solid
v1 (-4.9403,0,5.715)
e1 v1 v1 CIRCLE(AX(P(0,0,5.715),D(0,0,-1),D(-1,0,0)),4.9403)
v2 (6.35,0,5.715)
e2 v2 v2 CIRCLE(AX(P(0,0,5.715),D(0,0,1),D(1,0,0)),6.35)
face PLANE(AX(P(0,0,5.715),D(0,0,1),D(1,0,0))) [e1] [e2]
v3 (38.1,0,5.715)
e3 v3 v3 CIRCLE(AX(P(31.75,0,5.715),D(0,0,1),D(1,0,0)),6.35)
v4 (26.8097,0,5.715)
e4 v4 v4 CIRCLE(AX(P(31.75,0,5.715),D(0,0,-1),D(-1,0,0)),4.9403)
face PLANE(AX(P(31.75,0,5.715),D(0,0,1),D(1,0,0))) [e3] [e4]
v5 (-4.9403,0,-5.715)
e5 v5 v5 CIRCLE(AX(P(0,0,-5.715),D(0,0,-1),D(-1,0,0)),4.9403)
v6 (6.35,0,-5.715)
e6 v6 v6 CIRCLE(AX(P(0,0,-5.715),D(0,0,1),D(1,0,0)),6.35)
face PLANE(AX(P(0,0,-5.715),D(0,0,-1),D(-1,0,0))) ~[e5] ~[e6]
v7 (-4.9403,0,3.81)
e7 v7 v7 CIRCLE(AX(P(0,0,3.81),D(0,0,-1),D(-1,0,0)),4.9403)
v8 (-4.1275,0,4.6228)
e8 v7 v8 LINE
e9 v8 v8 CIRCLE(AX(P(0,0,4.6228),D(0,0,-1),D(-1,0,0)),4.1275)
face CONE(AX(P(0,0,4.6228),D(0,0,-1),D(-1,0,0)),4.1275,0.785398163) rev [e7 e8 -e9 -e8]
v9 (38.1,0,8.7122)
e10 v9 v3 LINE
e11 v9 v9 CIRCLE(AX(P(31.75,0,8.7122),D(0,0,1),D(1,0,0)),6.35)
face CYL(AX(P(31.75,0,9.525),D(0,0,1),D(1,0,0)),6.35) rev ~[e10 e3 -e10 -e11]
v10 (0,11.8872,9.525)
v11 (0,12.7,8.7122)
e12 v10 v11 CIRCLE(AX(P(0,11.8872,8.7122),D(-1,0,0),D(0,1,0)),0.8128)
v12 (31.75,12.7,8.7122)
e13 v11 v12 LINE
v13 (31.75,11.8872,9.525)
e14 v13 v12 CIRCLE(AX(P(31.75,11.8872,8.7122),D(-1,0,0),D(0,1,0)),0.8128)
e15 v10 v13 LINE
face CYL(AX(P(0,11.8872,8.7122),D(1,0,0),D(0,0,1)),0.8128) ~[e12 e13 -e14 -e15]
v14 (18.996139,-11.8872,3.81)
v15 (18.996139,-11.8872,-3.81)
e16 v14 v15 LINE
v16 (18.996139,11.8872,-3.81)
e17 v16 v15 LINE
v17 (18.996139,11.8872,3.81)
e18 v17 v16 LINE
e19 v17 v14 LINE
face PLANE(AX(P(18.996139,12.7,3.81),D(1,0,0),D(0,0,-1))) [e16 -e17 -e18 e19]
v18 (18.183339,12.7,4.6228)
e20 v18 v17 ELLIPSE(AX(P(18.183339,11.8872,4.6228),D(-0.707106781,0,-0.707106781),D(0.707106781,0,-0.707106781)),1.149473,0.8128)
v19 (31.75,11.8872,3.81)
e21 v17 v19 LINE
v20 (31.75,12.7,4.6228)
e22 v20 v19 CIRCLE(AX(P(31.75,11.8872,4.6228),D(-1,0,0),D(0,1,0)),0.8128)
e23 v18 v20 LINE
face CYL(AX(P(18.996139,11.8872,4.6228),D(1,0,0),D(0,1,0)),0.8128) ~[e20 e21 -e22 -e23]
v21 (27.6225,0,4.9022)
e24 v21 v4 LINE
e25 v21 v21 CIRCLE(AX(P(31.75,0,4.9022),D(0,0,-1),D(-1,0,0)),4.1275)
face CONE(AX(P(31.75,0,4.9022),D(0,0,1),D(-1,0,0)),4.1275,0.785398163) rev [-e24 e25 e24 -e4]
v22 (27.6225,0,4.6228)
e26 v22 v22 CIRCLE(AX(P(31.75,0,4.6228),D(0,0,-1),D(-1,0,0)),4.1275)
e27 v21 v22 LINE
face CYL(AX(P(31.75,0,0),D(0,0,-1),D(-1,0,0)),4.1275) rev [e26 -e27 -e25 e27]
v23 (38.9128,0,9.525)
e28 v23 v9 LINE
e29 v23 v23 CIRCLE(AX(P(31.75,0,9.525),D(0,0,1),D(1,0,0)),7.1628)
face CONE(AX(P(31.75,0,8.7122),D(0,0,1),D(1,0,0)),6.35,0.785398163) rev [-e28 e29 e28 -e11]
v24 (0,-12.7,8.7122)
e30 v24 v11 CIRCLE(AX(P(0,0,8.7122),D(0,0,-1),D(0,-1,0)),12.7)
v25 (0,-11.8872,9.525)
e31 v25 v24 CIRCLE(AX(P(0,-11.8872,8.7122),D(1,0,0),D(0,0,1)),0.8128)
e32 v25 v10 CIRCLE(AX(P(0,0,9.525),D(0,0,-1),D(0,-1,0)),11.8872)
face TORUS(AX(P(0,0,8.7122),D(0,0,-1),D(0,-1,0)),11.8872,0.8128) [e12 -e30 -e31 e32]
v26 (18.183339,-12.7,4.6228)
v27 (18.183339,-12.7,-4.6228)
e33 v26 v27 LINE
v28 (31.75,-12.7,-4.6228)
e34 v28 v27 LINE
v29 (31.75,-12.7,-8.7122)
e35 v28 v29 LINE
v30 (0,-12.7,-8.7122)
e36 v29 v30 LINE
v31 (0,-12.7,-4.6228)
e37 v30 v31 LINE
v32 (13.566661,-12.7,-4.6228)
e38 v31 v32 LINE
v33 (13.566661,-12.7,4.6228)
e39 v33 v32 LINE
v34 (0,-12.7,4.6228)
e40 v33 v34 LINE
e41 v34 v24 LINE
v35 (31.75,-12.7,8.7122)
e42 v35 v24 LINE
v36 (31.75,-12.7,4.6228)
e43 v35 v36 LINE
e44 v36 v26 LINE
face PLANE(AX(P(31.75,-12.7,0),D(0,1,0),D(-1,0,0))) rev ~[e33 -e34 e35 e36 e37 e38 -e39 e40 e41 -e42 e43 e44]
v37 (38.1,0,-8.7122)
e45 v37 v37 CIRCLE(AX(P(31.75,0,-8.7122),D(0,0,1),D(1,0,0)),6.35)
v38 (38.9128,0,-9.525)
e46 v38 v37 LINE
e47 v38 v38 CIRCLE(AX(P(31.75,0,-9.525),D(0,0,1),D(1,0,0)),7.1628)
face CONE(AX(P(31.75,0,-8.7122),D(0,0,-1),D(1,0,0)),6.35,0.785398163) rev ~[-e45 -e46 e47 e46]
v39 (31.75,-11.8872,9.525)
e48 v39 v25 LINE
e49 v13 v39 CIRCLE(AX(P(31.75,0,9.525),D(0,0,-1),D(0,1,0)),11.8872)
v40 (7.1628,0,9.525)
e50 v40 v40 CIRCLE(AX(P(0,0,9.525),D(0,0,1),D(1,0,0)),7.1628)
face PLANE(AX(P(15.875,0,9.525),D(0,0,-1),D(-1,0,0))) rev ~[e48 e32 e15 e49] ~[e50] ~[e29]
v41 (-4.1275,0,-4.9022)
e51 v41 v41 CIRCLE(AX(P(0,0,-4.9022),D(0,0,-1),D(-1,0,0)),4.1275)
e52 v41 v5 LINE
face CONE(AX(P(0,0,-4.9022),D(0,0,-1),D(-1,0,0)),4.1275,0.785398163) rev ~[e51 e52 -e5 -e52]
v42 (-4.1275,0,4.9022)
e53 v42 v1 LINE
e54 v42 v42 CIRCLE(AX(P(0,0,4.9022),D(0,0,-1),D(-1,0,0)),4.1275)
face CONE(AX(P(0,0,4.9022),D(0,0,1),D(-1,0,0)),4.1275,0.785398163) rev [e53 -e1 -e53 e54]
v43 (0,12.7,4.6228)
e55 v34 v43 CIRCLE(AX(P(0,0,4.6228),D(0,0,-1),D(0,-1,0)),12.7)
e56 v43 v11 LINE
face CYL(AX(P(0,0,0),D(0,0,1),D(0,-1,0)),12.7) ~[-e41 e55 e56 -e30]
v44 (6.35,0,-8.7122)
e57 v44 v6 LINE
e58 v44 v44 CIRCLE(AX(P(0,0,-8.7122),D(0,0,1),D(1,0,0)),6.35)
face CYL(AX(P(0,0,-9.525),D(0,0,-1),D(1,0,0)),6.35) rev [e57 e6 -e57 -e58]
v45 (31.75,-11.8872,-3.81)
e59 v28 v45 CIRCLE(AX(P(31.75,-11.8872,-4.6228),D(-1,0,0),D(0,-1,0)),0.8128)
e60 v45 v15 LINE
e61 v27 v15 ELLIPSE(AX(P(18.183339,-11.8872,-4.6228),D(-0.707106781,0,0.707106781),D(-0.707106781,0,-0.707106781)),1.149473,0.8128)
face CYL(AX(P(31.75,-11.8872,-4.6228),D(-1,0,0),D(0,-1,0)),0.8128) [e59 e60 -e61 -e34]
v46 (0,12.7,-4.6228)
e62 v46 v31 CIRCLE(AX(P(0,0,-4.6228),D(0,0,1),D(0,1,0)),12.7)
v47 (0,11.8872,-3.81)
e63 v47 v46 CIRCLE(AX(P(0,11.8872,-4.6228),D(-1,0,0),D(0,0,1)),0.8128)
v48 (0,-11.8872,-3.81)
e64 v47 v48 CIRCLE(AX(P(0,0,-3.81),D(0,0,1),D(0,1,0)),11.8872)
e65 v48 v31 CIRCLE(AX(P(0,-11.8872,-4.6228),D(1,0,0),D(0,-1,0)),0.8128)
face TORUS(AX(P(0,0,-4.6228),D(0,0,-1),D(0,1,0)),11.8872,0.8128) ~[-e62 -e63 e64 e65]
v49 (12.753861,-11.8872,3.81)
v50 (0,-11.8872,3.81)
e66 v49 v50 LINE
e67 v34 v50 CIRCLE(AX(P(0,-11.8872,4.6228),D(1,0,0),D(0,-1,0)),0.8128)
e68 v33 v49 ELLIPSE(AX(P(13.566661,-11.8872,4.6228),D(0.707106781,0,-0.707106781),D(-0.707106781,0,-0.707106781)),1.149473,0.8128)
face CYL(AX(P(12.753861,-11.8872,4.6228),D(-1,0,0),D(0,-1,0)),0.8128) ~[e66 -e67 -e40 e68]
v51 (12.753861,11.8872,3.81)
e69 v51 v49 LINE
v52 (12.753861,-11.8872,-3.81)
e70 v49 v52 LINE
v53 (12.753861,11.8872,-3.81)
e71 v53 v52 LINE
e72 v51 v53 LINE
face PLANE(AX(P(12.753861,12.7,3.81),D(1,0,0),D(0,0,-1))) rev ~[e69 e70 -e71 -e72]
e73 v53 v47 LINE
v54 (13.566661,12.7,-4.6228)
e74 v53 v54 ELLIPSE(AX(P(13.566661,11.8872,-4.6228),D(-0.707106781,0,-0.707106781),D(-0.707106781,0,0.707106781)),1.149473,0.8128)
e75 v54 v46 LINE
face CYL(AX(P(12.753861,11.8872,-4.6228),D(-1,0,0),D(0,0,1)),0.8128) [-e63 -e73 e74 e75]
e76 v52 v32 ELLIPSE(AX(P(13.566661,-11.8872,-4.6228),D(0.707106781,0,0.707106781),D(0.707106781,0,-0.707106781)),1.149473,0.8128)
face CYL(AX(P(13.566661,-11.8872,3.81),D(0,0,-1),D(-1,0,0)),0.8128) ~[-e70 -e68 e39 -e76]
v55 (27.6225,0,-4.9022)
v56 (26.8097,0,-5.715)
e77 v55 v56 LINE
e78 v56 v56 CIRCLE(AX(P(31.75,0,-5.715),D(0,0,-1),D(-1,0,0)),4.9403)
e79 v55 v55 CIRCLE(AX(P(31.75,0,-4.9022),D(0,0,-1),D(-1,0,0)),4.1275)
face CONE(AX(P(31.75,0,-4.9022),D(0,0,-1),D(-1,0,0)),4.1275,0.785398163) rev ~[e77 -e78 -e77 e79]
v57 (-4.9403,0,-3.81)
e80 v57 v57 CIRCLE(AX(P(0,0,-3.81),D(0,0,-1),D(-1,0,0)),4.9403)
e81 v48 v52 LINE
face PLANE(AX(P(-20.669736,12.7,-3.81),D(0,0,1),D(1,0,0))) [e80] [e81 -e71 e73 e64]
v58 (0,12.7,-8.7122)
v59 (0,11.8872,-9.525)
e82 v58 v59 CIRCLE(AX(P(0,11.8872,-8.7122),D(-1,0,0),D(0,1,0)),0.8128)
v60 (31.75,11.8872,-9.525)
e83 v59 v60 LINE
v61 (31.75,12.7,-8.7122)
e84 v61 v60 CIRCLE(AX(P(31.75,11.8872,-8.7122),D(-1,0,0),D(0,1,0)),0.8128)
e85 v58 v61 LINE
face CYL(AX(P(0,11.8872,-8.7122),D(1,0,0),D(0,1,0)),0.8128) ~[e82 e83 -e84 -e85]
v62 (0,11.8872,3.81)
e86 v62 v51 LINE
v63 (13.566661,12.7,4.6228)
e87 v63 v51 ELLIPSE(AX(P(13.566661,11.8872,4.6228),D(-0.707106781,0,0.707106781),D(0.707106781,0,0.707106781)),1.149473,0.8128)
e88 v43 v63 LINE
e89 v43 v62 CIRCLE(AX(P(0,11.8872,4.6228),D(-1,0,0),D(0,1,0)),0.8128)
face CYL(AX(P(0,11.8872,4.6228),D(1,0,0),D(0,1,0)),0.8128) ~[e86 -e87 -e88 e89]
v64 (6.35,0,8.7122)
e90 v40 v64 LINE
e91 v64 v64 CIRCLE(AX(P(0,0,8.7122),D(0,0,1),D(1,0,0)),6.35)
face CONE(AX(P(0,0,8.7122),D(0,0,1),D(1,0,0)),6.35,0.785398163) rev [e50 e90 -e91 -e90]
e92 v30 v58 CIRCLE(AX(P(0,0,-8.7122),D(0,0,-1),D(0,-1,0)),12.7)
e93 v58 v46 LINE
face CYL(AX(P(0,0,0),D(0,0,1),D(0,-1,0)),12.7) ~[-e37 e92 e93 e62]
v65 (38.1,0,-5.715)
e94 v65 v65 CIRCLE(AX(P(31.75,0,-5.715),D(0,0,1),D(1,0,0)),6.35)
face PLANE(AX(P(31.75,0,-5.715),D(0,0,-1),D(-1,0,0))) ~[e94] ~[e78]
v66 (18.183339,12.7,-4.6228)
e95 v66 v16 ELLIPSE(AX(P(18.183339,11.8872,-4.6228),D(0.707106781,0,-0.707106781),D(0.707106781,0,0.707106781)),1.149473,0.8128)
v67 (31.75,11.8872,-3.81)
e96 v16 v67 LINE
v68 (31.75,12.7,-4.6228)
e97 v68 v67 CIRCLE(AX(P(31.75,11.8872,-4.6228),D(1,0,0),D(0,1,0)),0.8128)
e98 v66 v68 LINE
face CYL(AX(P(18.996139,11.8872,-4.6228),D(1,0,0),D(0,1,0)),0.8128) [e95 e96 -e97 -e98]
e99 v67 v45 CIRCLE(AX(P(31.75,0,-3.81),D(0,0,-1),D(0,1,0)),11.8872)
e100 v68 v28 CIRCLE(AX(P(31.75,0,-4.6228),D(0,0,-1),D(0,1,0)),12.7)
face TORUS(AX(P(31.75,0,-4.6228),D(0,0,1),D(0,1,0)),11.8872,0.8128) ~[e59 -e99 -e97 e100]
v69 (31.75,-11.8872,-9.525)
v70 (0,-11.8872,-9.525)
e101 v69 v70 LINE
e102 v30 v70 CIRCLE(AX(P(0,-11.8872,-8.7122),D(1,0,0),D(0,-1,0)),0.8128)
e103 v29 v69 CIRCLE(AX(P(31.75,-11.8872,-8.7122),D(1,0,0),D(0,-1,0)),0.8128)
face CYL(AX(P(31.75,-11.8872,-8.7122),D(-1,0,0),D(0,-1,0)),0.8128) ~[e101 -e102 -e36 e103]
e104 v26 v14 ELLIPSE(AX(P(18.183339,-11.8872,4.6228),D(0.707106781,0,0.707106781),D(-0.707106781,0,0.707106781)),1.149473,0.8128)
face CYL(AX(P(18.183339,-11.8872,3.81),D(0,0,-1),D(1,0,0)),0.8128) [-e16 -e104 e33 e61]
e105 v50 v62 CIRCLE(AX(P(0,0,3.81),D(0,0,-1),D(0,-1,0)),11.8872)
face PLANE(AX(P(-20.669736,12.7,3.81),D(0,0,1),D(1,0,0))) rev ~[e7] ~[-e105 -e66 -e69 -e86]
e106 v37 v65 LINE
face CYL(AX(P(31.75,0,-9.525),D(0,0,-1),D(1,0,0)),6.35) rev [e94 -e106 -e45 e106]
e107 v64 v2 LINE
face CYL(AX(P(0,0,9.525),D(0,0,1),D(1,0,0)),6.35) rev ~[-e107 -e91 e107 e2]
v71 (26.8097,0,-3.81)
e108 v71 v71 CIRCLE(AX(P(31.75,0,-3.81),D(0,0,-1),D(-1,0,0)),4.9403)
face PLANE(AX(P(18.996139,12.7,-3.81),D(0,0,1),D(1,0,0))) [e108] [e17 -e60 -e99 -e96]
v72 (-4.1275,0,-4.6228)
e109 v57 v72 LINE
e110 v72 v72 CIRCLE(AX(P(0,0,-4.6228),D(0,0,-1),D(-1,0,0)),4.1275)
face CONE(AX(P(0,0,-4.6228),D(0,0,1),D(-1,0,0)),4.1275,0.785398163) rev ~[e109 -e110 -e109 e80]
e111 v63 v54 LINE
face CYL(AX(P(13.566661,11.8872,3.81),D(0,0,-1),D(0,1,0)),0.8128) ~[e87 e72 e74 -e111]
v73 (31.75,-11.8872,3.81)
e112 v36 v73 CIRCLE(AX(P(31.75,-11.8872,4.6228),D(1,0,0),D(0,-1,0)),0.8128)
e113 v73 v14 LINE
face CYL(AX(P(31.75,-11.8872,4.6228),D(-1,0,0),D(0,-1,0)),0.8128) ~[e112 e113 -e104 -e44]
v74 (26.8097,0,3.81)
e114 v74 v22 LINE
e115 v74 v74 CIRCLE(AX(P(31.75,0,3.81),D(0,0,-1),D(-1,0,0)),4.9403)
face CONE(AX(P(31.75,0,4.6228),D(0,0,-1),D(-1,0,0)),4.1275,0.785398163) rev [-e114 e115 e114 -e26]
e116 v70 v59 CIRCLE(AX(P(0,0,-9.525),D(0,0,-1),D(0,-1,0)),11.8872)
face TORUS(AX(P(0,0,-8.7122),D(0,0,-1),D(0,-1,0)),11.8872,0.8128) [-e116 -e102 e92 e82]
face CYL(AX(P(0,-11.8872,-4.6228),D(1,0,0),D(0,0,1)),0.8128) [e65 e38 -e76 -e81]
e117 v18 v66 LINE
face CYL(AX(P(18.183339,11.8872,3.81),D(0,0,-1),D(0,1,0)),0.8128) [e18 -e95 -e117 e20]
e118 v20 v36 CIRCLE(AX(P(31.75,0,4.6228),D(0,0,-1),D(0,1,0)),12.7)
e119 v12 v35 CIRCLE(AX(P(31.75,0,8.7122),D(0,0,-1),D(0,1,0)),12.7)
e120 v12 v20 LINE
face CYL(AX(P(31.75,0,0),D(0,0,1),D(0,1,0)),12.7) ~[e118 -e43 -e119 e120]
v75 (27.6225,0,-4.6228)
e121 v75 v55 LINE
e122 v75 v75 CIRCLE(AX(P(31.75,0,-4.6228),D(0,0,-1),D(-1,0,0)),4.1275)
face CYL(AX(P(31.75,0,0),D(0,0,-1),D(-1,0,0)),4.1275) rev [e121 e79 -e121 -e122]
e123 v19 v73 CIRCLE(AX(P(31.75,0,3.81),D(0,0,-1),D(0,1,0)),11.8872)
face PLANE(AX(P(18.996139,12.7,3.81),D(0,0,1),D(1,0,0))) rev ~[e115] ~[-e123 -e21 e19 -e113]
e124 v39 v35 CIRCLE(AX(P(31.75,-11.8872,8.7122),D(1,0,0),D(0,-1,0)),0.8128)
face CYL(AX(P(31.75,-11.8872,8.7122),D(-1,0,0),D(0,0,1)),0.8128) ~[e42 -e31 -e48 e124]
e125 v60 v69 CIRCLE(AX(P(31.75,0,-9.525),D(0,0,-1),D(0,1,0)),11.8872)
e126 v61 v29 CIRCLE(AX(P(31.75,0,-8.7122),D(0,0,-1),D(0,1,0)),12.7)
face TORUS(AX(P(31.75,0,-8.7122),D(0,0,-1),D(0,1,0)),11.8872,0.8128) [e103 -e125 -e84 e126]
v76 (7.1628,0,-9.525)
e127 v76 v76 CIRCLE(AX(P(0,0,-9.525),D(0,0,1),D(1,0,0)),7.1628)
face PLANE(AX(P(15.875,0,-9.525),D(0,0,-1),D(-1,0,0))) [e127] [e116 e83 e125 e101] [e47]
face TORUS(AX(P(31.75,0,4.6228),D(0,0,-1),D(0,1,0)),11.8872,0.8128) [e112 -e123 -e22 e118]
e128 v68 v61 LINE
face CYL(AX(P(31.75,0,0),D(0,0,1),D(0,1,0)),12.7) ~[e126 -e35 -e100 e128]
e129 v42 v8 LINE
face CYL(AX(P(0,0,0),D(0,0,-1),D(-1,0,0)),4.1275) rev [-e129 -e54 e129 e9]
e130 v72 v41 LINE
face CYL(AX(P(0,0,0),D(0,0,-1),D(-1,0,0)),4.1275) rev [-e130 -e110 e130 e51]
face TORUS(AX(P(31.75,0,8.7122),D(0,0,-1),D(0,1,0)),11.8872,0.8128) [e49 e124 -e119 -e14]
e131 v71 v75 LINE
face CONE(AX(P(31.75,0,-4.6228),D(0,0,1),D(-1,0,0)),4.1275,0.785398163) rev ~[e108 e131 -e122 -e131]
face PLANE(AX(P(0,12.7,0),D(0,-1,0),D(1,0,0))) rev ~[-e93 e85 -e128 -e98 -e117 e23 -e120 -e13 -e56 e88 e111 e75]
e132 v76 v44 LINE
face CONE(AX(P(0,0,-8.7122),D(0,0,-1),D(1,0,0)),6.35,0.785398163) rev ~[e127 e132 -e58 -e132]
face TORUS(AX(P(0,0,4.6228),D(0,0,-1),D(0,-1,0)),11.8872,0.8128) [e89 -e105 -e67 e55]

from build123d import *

# Parameters (mm, degrees)
SKETCH1_R           = 4.1275
BOSS_EXTRUDE2_DEPTH = 9.525
SKETCH3_R           = 6.35
CUT_EXTRUDE1_DEPTH  = 3.81
SKETCH4_W           = 33.423596482
SKETCH4_H           = 7.62
CUT_EXTRUDE3_DEPTH  = 53.073871807
FILLET3_R           = 0.8128
CHAMFER5_SIZE       = 0.8128


with BuildPart() as part:
    # Sketch1 → Boss-Extrude2 (new, symmetric)
    with BuildSketch(Plane.XY):
        with BuildLine():
            Line((0, 12.7), (31.75, 12.7))
            ThreePointArc((31.75, 12.7), (44.45, 0), (31.75, -12.7))
            Line((31.75, -12.7), (0, -12.7))
            ThreePointArc((0, -12.7), (-12.7, 0), (0, 12.7))
        make_face()
        with Locations(Location((0, 0, 0), (0, 0, 180))):
            Circle(SKETCH1_R, mode=Mode.SUBTRACT)
        with Locations(Location((31.75, 0, 0), (0, 0, 180))):
            Circle(SKETCH1_R, mode=Mode.SUBTRACT)
    extrude(amount=BOSS_EXTRUDE2_DEPTH, both=True)

    # Sketch3 → Cut-Extrude1 (cut)
    with BuildSketch(Plane.XY.offset(9.525)):
        Circle(SKETCH3_R)
        with Locations((31.75, 0)):
            Circle(SKETCH3_R)
    cut_extrude1 = extrude(amount=-CUT_EXTRUDE1_DEPTH, mode=Mode.SUBTRACT)

    # Mirror1: Cut-Extrude1 across plane
    add(cut_extrude1.mirror(Plane.XY), mode=Mode.SUBTRACT)

    # Sketch4 → Cut-Extrude3 (cut, through all)
    with BuildSketch(Plane(origin=(0, 12.7, 0), x_dir=(1, 0, 0), z_dir=(0, 1, 0))):
        with Locations((35.707937548, 0)):
            Rectangle(SKETCH4_W, SKETCH4_H)
        with Locations((-3.957937548, 0)):
            Rectangle(SKETCH4_W, SKETCH4_H)
    extrude(amount=-CUT_EXTRUDE3_DEPTH, mode=Mode.SUBTRACT)

    # Fillet3
    fillet3_edges = [part.edges().sort_by_distance(p)[0] for p in [
        (44.45, 0, 9.525),
        (15.875, 12.7, 9.525),
        (-12.7, 0, 9.525),
        (15.875, 12.7, -9.525),
        (25.373069653, 12.7, -3.81),
        (6.376930347, 12.7, 3.81),
        (44.45, 0, -9.525),
        (15.875, -12.7, -9.525),
        (-12.7, 0, -9.525),
        (6.376930347, -12.7, -3.81),
        (-12.7, 0, -3.81),
        (-12.7, 0, 3.81),
        (6.376930347, -12.7, 3.81),
        (12.753860693, -12.7, 0),
        (12.753860693, 12.7, 0),
        (6.376930347, 12.7, -3.81),
        (25.373069653, 12.7, 3.81),
        (18.996139307, 12.7, 0),
        (44.45, 0, -3.81),
        (25.373069653, -12.7, -3.81),
        (25.373069653, -12.7, 3.81),
        (44.45, 0, 3.81),
        (15.875, -12.7, 9.525),
        (18.996139307, -12.7, 0),
    ]]
    fillet(fillet3_edges, radius=FILLET3_R)

    # Chamfer5
    chamfer5_edges = [part.edges().sort_by_distance(p)[0] for p in [
        (4.1275, 0, 5.715),
        (-6.35, 0, 9.525),
        (35.8775, 0, 5.715),
        (25.4, 0, 9.525),
        (-6.35, 0, -9.525),
        (4.1275, 0, -5.715),
        (25.4, 0, -9.525),
        (35.8775, 0, -5.715),
        (4.1275, 0, -3.81),
        (4.1275, 0, 3.81),
        (35.8775, 0, -3.81),
        (35.8775, 0, 3.81),
    ]]
    chamfer(chamfer5_edges, length=CHAMFER5_SIZE)


solid = part.part
